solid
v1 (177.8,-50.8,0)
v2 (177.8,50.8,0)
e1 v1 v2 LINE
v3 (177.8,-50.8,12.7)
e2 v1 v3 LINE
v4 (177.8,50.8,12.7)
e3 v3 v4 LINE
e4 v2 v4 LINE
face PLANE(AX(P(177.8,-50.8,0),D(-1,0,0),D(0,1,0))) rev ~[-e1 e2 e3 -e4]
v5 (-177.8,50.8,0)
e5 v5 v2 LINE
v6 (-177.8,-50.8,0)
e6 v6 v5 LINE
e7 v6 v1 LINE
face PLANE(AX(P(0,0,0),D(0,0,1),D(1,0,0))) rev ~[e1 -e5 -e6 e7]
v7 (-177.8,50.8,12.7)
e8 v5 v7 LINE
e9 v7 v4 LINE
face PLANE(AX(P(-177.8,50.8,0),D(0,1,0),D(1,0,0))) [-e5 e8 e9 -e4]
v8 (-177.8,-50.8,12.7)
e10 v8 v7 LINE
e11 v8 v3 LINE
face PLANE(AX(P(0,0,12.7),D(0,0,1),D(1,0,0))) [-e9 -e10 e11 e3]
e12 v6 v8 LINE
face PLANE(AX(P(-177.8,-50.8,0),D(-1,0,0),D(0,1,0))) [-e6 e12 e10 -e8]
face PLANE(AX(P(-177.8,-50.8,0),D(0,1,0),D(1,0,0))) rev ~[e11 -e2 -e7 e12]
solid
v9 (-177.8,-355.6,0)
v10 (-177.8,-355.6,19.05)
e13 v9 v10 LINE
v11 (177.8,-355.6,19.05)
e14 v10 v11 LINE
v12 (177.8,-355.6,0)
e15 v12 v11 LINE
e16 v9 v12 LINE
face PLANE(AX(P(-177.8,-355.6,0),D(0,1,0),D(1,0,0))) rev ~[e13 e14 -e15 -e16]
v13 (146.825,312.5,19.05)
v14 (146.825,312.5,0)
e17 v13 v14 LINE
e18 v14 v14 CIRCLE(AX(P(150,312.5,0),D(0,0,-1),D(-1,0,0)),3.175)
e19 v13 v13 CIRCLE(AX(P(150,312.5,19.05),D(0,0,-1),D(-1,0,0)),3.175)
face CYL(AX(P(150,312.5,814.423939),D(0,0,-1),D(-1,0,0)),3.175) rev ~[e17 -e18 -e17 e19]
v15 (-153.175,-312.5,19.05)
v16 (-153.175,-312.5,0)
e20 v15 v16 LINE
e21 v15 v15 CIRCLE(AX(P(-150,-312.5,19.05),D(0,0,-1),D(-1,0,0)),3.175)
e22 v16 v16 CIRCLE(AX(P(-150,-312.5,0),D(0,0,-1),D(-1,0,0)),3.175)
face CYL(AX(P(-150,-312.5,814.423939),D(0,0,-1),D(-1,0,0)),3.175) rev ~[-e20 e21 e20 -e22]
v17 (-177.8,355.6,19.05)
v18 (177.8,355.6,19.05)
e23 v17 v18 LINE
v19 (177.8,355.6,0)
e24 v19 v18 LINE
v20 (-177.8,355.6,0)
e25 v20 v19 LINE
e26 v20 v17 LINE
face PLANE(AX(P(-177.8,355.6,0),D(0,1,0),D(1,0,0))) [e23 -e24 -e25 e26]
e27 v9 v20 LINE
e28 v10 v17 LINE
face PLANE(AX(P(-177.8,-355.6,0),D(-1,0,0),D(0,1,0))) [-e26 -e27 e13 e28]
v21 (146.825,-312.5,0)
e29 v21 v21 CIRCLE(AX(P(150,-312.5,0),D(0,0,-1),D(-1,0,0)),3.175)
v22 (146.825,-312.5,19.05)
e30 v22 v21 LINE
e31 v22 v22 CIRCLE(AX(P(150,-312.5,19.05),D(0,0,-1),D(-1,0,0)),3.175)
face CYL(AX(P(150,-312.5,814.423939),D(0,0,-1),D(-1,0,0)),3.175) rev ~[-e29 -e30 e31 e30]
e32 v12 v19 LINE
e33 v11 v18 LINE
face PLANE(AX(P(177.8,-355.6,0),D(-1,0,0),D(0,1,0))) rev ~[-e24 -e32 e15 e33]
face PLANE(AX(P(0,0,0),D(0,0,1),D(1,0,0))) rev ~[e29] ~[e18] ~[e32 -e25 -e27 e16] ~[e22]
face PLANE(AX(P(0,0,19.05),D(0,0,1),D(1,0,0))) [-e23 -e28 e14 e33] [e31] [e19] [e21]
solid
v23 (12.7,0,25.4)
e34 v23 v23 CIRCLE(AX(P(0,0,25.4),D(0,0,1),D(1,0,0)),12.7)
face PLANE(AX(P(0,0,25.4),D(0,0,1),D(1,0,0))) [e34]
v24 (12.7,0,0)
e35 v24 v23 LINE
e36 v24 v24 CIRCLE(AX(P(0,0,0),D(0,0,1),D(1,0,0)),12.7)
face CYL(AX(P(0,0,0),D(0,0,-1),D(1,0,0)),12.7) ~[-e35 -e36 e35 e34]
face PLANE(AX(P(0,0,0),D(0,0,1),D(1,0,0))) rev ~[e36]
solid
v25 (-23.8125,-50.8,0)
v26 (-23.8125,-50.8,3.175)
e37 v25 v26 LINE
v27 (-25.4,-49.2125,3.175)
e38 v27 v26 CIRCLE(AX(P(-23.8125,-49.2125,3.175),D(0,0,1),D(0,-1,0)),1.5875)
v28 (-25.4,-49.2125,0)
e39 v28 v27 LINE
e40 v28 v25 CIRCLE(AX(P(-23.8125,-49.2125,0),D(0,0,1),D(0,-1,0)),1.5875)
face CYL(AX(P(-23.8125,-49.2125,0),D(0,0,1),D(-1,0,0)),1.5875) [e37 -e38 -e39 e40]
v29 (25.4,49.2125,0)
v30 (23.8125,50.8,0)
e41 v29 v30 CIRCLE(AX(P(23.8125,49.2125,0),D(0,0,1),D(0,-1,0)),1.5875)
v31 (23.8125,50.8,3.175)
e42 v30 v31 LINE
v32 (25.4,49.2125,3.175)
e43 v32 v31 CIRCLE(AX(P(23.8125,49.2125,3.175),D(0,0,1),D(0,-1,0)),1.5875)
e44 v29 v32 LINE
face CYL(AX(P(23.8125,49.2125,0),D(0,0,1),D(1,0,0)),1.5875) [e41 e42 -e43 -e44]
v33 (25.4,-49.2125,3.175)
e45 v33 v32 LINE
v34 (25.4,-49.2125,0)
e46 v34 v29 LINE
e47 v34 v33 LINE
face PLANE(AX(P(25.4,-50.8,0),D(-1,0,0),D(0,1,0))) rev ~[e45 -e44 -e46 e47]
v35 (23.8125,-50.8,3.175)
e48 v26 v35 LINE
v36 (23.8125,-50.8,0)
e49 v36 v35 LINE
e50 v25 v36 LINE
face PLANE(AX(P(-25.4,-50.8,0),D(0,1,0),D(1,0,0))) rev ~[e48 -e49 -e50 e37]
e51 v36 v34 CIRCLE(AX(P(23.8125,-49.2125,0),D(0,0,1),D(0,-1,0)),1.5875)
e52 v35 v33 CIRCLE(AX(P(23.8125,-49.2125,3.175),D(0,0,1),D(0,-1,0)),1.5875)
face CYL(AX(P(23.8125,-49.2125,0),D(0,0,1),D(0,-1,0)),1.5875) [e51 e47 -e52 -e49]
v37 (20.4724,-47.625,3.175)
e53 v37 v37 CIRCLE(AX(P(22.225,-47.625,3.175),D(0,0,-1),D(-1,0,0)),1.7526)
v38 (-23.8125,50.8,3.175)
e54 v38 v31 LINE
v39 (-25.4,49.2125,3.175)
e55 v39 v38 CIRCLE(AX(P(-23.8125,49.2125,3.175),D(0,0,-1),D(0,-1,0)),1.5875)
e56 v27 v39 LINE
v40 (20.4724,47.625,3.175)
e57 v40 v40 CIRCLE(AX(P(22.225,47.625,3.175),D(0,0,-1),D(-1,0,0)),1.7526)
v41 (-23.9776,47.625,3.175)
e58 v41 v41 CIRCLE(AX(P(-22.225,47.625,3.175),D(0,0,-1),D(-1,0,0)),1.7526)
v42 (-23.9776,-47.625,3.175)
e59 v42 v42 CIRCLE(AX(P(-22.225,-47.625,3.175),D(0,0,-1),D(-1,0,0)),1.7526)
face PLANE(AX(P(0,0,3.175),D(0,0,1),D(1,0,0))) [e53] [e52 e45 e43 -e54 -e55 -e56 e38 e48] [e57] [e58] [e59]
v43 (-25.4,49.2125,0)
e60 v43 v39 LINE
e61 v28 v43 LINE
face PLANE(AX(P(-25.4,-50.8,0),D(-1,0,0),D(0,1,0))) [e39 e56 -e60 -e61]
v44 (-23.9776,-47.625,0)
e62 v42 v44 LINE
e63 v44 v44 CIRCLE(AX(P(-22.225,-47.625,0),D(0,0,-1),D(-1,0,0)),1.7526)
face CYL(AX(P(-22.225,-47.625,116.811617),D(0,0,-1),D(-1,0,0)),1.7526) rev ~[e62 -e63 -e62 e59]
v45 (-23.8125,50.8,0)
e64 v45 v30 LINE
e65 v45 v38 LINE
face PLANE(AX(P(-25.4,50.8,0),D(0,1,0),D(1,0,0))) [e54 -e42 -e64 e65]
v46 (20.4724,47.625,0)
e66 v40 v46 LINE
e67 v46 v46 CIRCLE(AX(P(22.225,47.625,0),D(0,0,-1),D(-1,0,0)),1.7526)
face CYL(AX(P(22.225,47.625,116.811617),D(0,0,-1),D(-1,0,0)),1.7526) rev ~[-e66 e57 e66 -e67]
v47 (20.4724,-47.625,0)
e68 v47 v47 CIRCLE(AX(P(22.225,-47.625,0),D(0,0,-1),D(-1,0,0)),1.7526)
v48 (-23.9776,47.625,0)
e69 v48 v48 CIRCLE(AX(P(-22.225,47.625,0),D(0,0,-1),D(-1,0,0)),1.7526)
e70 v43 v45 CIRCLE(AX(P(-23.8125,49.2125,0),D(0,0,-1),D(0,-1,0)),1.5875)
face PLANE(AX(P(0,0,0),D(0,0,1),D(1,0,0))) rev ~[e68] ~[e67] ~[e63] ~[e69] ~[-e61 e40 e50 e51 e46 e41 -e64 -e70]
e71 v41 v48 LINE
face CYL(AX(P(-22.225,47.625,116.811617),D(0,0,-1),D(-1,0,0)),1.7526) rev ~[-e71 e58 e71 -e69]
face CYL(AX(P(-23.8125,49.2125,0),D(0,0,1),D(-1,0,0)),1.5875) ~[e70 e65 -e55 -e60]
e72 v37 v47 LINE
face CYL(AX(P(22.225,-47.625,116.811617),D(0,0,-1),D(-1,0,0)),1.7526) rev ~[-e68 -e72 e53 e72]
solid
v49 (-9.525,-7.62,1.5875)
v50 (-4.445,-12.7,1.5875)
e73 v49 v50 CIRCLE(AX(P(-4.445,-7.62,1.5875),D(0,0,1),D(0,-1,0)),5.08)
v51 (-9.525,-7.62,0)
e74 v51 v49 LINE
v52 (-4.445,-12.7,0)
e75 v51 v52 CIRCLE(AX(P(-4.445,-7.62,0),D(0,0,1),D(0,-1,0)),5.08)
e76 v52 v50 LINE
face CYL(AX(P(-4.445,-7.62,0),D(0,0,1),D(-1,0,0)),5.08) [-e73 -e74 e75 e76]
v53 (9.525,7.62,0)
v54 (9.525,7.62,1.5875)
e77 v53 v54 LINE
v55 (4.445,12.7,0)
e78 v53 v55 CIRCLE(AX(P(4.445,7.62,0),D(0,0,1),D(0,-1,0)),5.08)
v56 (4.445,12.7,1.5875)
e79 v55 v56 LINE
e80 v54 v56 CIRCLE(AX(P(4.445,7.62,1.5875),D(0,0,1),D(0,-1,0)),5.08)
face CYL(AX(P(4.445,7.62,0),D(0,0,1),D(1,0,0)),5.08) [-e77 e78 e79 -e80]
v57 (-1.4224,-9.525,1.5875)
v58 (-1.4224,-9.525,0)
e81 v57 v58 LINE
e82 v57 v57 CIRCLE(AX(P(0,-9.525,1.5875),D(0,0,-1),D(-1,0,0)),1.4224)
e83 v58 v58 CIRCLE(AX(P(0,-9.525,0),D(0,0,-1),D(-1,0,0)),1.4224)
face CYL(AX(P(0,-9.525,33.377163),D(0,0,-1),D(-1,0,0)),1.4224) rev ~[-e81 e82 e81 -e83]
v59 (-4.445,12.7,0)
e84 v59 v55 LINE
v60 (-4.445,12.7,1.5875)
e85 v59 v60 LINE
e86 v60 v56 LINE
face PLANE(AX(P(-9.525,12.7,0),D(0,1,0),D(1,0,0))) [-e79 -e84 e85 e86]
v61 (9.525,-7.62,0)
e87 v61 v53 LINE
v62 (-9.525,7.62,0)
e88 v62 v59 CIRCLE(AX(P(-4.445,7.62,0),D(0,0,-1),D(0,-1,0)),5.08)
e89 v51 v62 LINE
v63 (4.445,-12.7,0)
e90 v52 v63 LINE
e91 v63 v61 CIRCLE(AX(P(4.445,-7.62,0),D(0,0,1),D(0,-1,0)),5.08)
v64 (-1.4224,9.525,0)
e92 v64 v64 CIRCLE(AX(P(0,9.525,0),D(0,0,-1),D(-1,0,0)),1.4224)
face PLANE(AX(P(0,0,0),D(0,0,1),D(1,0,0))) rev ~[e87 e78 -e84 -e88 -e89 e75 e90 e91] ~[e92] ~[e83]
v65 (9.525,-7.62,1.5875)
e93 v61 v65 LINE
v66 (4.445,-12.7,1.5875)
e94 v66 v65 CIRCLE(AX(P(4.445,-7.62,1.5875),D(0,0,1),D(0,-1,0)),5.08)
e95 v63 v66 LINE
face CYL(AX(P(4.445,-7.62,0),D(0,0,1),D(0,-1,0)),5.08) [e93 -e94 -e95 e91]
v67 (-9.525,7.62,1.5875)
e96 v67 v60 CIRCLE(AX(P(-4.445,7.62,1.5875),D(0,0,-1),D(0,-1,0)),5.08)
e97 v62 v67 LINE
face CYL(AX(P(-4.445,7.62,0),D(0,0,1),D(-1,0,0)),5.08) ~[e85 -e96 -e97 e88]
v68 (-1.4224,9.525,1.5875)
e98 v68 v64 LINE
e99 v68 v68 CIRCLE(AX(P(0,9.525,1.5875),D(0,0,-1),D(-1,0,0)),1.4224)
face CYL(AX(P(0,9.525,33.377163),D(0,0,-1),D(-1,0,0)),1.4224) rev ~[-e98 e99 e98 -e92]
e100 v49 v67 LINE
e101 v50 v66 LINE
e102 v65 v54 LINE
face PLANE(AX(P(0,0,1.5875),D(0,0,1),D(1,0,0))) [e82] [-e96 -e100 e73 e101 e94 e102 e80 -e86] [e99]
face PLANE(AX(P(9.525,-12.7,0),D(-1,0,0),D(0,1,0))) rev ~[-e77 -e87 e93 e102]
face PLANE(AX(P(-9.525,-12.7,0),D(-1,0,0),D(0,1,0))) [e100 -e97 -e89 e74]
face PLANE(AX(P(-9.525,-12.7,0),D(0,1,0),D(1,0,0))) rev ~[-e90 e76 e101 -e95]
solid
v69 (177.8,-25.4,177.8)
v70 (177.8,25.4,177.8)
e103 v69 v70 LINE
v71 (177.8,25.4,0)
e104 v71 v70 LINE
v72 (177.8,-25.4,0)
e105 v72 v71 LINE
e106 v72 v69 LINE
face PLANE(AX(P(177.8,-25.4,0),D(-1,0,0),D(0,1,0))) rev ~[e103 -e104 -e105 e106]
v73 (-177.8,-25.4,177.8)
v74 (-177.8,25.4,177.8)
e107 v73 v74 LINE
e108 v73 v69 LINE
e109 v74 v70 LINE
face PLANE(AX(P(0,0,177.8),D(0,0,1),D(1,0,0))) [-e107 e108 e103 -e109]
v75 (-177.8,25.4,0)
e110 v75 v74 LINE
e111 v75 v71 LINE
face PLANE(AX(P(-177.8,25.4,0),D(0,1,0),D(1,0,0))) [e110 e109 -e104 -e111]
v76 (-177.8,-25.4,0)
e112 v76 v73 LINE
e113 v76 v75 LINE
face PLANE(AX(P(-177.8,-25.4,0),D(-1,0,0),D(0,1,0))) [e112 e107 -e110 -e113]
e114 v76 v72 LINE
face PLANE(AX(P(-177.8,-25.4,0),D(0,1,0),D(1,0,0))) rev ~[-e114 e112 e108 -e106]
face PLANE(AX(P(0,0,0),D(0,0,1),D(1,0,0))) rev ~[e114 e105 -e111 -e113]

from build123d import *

# Parameters (mm, degrees)
F0_W      = 355.6
F0_H      = 711.2
F1_DEPTH  = 19.05
F2_W      = 355.6
F2_H      = 50.8
F3_DEPTH  = 177.8
F4_W      = 355.6
F4_H      = 101.6
F5_DEPTH  = 12.7
F6_R      = 12.7
F7_DEPTH  = 25.4
F9_D      = 6.35
F10_W     = 50.8
F10_H     = 101.6
F11_DEPTH = 3.175
F12_R     = 1.5875
F14_D     = 3.5052
F15_W     = 19.05
F15_H     = 25.4
F16_DEPTH = 1.5875
F17_R     = 5.08
F19_D     = 2.8448


with BuildPart() as f1:
    # F0 (on Top) → F1 (new body)
    with BuildSketch(Plane.XY):
        Rectangle(F0_W, F0_H)
    extrude(amount=F1_DEPTH)

    # F9 (through all)
    with Locations(Plane.XY.offset(19.05)):
        with Locations((-150, -312.5), (150, -312.5), (150, 312.5)):
            Hole(F9_D / 2)


with BuildPart() as f3:
    # F2 (on Top) → F3 (new body)
    with BuildSketch(Plane.XY):
        Rectangle(F2_W, F2_H)
    extrude(amount=F3_DEPTH)


with BuildPart() as f5:
    # F4 (on Top) → F5 (new body)
    with BuildSketch(Plane.XY):
        Rectangle(F4_W, F4_H)
    extrude(amount=F5_DEPTH)


with BuildPart() as f7:
    # F6 (on Top) → F7 (new body)
    with BuildSketch(Plane.XY):
        Circle(F6_R)
    extrude(amount=F7_DEPTH)


with BuildPart() as f11:
    # F10 (on face) → F11 (new body)
    with BuildSketch(Plane.XY):
        Rectangle(F10_W, F10_H)
    extrude(amount=F11_DEPTH)

    # F12
    f12_edges = [f11.edges().sort_by_distance(p)[0] for p in [
        (25.4, -50.8, 1.5875),
        (-25.4, -50.8, 1.5875),
        (25.4, 50.8, 1.5875),
        (-25.4, 50.8, 1.5875),
    ]]
    fillet(f12_edges, radius=F12_R)

    # F14 (through all)
    with Locations(Plane.XY.offset(3.175)):
        with Locations((22.225, -47.625), (-22.225, -47.625), (-22.225, 47.625), (22.225, 47.625)):
            Hole(F14_D / 2)


with BuildPart() as f16:
    # F15 (on Top) → F16 (new body)
    with BuildSketch(Plane.XY):
        Rectangle(F15_W, F15_H)
    extrude(amount=F16_DEPTH)

    # F17
    f17_edges = [f16.edges().sort_by_distance(p)[0] for p in [
        (9.525, -12.7, 0.79375),
        (-9.525, -12.7, 0.79375),
        (9.525, 12.7, 0.79375),
        (-9.525, 12.7, 0.79375),
    ]]
    fillet(f17_edges, radius=F17_R)

    # F19 (through all)
    with Locations(Plane.XY.offset(1.5875)):
        with Locations((0, 9.525), (0, -9.525)):
            Hole(F19_D / 2)


solid = Compound([f1.part, f3.part, f5.part, f7.part, f11.part, f16.part])
